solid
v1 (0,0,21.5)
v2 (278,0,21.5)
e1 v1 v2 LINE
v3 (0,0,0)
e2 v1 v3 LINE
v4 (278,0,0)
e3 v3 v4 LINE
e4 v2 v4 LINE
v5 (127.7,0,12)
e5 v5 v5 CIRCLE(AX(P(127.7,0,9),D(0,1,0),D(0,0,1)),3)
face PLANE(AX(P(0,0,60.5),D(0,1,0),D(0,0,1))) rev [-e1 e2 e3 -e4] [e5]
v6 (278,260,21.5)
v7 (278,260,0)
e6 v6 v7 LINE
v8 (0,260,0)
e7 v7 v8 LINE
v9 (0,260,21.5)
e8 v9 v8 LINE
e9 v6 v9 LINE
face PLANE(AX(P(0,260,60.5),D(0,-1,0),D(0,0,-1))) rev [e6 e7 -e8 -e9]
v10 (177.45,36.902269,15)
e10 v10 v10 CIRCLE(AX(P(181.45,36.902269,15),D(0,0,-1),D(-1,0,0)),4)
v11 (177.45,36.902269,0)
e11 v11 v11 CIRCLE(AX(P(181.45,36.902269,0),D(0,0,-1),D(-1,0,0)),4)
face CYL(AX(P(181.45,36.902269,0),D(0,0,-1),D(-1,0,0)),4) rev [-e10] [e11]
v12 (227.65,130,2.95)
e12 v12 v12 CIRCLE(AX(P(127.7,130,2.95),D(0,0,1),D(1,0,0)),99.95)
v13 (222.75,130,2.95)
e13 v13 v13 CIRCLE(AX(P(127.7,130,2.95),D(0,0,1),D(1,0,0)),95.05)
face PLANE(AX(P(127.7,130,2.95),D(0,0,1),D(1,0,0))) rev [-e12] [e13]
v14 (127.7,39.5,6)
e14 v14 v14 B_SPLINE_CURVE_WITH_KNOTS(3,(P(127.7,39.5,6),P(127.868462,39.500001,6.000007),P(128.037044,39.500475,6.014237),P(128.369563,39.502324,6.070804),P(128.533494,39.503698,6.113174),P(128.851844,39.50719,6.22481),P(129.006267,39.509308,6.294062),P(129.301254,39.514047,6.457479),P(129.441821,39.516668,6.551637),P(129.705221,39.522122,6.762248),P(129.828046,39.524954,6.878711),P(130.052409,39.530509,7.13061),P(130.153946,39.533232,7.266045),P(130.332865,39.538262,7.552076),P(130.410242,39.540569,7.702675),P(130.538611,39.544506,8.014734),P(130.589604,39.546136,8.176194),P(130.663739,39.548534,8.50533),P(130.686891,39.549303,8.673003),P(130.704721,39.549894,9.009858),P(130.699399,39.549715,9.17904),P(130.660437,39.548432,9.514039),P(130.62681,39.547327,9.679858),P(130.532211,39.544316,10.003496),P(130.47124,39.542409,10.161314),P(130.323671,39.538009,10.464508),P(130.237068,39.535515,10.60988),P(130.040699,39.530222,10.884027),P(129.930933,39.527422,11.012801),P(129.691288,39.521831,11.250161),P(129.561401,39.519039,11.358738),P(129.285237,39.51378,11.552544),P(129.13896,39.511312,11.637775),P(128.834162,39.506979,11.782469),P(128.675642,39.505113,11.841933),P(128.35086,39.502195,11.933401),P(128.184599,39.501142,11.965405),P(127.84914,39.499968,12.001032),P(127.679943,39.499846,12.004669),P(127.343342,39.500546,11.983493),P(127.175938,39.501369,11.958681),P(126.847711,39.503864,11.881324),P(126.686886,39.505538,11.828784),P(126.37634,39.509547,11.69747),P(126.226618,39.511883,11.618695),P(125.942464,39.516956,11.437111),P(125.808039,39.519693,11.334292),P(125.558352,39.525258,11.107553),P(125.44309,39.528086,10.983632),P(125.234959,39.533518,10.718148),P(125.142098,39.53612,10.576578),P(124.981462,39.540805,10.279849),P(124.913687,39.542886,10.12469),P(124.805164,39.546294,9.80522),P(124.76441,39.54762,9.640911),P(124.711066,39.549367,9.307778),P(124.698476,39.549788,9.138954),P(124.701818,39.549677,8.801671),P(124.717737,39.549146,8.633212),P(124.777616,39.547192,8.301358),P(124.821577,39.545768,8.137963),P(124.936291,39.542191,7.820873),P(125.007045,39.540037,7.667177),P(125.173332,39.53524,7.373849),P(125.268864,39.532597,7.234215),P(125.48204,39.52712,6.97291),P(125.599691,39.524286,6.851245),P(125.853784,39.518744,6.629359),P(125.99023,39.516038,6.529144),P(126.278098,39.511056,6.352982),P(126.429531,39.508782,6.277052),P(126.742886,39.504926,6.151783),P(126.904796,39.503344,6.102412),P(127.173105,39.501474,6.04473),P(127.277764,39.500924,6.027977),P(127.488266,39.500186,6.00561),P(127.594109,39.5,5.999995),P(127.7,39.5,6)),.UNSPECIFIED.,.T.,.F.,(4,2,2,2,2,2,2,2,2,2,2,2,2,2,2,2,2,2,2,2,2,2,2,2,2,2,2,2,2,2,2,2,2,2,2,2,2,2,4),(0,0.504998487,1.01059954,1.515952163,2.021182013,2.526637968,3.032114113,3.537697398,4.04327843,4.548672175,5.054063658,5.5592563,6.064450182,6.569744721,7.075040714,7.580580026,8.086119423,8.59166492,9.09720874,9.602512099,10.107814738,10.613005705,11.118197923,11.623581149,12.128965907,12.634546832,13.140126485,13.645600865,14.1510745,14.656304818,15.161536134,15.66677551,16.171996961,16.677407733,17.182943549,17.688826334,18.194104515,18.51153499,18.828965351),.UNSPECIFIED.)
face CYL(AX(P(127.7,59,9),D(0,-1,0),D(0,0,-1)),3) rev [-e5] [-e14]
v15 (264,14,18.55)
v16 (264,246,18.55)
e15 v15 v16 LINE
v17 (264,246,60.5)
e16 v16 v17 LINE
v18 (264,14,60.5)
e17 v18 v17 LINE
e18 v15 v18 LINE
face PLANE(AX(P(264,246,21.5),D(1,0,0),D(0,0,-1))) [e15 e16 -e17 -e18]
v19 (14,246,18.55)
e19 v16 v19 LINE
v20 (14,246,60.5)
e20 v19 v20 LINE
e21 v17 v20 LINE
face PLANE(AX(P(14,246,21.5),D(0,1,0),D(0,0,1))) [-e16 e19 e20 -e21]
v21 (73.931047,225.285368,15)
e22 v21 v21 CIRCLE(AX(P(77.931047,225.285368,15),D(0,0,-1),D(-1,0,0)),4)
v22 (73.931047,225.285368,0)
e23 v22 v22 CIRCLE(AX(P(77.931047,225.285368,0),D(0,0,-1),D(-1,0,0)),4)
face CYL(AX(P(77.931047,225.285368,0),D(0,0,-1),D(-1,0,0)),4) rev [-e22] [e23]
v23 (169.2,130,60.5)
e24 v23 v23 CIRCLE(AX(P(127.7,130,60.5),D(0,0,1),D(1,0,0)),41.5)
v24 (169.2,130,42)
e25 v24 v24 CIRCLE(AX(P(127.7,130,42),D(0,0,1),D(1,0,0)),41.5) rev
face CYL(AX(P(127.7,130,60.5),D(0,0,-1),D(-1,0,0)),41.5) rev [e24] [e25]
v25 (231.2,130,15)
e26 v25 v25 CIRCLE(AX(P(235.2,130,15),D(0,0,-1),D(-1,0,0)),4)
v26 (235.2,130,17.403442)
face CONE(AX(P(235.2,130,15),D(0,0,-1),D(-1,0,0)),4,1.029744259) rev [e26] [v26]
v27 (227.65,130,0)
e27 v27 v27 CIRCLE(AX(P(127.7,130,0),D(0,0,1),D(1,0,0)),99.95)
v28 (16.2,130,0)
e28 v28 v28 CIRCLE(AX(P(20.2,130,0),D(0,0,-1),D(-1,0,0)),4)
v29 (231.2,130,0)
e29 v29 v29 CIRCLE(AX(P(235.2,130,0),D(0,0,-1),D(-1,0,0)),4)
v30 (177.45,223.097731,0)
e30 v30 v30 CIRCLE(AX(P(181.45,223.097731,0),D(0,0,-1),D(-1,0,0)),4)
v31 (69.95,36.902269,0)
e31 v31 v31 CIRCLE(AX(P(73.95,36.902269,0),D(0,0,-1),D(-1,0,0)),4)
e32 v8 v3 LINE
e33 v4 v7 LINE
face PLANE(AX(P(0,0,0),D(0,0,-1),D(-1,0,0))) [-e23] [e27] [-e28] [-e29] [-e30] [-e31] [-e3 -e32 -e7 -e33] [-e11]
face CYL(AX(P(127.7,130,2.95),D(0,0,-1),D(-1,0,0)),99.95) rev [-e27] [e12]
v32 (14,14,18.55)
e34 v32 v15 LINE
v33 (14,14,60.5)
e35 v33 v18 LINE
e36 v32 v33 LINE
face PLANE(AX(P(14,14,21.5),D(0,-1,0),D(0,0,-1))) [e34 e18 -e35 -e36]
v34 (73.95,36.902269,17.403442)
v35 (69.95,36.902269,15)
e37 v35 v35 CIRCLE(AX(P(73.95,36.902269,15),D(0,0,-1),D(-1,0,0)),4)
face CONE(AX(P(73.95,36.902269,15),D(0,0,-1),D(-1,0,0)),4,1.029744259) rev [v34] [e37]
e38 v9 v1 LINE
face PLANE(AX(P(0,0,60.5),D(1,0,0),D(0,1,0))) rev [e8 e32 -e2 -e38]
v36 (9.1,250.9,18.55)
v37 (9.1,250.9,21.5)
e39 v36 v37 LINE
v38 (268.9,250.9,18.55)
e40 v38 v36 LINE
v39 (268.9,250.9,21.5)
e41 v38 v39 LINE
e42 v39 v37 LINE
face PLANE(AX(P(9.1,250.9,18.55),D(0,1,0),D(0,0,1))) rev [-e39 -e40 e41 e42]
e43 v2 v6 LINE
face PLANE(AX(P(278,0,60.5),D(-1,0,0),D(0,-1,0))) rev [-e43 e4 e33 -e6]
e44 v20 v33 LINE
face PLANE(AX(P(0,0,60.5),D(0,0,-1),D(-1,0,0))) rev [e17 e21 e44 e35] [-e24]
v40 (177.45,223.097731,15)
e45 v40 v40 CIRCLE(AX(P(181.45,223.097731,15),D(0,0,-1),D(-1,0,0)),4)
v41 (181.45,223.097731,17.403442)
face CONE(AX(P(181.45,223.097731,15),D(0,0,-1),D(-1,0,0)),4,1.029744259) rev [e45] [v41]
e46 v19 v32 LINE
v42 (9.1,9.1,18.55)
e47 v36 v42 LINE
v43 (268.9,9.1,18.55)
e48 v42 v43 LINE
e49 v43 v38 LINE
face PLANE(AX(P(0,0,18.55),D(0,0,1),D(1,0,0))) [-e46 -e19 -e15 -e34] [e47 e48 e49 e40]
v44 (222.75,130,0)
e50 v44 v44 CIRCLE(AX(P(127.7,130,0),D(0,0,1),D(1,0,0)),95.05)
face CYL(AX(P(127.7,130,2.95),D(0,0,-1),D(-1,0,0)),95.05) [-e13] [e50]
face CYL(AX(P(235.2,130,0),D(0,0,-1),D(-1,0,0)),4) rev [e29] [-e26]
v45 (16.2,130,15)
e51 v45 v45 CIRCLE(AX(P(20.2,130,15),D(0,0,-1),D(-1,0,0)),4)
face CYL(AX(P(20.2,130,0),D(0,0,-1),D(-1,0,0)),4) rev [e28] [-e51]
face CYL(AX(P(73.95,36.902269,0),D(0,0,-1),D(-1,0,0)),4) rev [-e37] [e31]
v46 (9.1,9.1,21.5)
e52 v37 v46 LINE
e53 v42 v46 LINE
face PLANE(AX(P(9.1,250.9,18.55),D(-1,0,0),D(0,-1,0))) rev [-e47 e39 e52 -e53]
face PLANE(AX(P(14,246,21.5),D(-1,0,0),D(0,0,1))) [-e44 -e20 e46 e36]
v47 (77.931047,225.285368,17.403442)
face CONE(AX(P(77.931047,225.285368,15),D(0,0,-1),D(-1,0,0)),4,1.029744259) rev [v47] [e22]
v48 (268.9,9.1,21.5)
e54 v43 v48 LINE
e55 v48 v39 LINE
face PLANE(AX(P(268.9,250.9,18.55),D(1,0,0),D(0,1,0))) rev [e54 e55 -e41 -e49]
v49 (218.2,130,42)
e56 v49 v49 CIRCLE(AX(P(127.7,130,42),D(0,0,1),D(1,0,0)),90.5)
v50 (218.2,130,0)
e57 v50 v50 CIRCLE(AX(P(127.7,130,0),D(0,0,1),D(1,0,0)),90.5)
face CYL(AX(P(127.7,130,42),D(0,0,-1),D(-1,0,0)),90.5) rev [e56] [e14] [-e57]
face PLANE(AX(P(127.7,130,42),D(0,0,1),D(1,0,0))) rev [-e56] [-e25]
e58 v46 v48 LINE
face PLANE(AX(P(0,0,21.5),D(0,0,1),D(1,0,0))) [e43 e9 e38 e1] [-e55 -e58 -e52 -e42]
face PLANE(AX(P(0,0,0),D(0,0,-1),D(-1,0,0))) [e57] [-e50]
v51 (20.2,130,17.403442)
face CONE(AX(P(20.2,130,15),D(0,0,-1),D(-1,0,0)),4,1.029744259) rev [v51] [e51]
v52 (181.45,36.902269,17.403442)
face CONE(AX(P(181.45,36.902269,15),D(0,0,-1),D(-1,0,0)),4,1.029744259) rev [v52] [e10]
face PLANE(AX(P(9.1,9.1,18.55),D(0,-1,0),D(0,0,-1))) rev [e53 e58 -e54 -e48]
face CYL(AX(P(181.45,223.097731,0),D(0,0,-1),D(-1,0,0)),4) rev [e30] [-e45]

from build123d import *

# Parameters (mm, degrees)
SKETCH1_W                 = 278
SKETCH1_H                 = 260
BOSS_EXTRUDE1_DEPTH       = 60.5
SKETCH2_R                 = 90.5
CUT_EXTRUDE2_DEPTH        = 42
SKETCH3_R                 = 41.5
CUT_EXTRUDE3_DEPTH        = 386.414387381
SKETCH4_R                 = 99.95
SKETCH4_R_2               = 95.05
CUT_EXTRUDE5_DEPTH        = 2.95
SKETCH6_W                 = 278
SKETCH6_H                 = 260
SKETCH6_W_2               = 250
SKETCH6_H_2               = 232
CUT_EXTRUDE6_DEPTH        = 39
SKETCH7_W                 = 259.8
SKETCH7_H                 = 241.8
SKETCH7_W_2               = 250
SKETCH7_H_2               = 232
CUT_EXTRUDE7_DEPTH        = 41.95
F_8_0MM_DOWEL_HOLE1_D     = 8
F_8_0MM_DOWEL_HOLE1_DEPTH = 15
F_8_0MM_DOWEL_HOLE1_TIP   = 2.403442476
SKETCH10_R                = 3
CUT_EXTRUDE8_DEPTH        = 59


with BuildPart() as part:
    # Sketch1 → Boss-Extrude1 (new body)
    with BuildSketch(Plane.XY):
        with Locations((139, 130)):
            Rectangle(SKETCH1_W, SKETCH1_H)
    extrude(amount=BOSS_EXTRUDE1_DEPTH)

    # Sketch2 → Cut-Extrude2 (cut)
    with BuildSketch(Plane.XY):
        with Locations(Location((127.7, 130, 0), (0, 0, 180))):
            Circle(SKETCH2_R)
    extrude(amount=CUT_EXTRUDE2_DEPTH, mode=Mode.SUBTRACT)

    # Sketch3 → Cut-Extrude3 (cut, through all)
    with BuildSketch(Plane.XY):
        with Locations((127.7, 130)):
            Circle(SKETCH3_R)
    extrude(amount=CUT_EXTRUDE3_DEPTH, mode=Mode.SUBTRACT)

    # Sketch4 → Cut-Extrude5 (cut)
    with BuildSketch(Plane.XY):
        with Locations((127.7, 130)):
            Circle(SKETCH4_R)
        with Locations((127.7, 130)):
            Circle(SKETCH4_R_2, mode=Mode.SUBTRACT)
    extrude(amount=CUT_EXTRUDE5_DEPTH, mode=Mode.SUBTRACT)

    # Sketch6 → Cut-Extrude6 (cut)
    with BuildSketch(Plane.XY.offset(60.5)):
        with Locations((139, 130)):
            Rectangle(SKETCH6_W, SKETCH6_H)
        with Locations((139, 130)):
            Rectangle(SKETCH6_W_2, SKETCH6_H_2, mode=Mode.SUBTRACT)
    extrude(amount=-CUT_EXTRUDE6_DEPTH, mode=Mode.SUBTRACT)

    # Sketch7 → Cut-Extrude7 (cut)
    with BuildSketch(Plane.XY.offset(60.5)):
        with Locations((139, 130)):
            Rectangle(SKETCH7_W, SKETCH7_H)
        with Locations((139, 130)):
            Rectangle(SKETCH7_W_2, SKETCH7_H_2, mode=Mode.SUBTRACT)
    extrude(amount=-CUT_EXTRUDE7_DEPTH, mode=Mode.SUBTRACT)

    # Ø8.0mm Dowel Hole1
    with Locations(Plane(origin=(0, 0, 0), x_dir=(-1, 0, 0), z_dir=(0, 0, -1))):
        with Locations((-181.45, 223.097730907), (-77.93104653, 225.285367557), (-20.2, 130), (-73.95, 36.902269093), (-181.45, 36.902269093), (-235.2, 130)):
            Hole(F_8_0MM_DOWEL_HOLE1_D / 2, depth=F_8_0MM_DOWEL_HOLE1_DEPTH)
            with Locations((0, 0, -(F_8_0MM_DOWEL_HOLE1_DEPTH + F_8_0MM_DOWEL_HOLE1_TIP / 2))):  # 118° drill point
                Cone(0, F_8_0MM_DOWEL_HOLE1_D / 2, F_8_0MM_DOWEL_HOLE1_TIP, mode=Mode.SUBTRACT)

    # Sketch10 → Cut-Extrude8 (cut)
    with BuildSketch(Plane(origin=(0, 0, 0), x_dir=(1, 0, 0), z_dir=(0, 1, 0))):
        with Locations(Location((127.7, -9, 0), (0, 0, 90))):
            Circle(SKETCH10_R)
    extrude(amount=CUT_EXTRUDE8_DEPTH, mode=Mode.SUBTRACT)


solid = part.part
